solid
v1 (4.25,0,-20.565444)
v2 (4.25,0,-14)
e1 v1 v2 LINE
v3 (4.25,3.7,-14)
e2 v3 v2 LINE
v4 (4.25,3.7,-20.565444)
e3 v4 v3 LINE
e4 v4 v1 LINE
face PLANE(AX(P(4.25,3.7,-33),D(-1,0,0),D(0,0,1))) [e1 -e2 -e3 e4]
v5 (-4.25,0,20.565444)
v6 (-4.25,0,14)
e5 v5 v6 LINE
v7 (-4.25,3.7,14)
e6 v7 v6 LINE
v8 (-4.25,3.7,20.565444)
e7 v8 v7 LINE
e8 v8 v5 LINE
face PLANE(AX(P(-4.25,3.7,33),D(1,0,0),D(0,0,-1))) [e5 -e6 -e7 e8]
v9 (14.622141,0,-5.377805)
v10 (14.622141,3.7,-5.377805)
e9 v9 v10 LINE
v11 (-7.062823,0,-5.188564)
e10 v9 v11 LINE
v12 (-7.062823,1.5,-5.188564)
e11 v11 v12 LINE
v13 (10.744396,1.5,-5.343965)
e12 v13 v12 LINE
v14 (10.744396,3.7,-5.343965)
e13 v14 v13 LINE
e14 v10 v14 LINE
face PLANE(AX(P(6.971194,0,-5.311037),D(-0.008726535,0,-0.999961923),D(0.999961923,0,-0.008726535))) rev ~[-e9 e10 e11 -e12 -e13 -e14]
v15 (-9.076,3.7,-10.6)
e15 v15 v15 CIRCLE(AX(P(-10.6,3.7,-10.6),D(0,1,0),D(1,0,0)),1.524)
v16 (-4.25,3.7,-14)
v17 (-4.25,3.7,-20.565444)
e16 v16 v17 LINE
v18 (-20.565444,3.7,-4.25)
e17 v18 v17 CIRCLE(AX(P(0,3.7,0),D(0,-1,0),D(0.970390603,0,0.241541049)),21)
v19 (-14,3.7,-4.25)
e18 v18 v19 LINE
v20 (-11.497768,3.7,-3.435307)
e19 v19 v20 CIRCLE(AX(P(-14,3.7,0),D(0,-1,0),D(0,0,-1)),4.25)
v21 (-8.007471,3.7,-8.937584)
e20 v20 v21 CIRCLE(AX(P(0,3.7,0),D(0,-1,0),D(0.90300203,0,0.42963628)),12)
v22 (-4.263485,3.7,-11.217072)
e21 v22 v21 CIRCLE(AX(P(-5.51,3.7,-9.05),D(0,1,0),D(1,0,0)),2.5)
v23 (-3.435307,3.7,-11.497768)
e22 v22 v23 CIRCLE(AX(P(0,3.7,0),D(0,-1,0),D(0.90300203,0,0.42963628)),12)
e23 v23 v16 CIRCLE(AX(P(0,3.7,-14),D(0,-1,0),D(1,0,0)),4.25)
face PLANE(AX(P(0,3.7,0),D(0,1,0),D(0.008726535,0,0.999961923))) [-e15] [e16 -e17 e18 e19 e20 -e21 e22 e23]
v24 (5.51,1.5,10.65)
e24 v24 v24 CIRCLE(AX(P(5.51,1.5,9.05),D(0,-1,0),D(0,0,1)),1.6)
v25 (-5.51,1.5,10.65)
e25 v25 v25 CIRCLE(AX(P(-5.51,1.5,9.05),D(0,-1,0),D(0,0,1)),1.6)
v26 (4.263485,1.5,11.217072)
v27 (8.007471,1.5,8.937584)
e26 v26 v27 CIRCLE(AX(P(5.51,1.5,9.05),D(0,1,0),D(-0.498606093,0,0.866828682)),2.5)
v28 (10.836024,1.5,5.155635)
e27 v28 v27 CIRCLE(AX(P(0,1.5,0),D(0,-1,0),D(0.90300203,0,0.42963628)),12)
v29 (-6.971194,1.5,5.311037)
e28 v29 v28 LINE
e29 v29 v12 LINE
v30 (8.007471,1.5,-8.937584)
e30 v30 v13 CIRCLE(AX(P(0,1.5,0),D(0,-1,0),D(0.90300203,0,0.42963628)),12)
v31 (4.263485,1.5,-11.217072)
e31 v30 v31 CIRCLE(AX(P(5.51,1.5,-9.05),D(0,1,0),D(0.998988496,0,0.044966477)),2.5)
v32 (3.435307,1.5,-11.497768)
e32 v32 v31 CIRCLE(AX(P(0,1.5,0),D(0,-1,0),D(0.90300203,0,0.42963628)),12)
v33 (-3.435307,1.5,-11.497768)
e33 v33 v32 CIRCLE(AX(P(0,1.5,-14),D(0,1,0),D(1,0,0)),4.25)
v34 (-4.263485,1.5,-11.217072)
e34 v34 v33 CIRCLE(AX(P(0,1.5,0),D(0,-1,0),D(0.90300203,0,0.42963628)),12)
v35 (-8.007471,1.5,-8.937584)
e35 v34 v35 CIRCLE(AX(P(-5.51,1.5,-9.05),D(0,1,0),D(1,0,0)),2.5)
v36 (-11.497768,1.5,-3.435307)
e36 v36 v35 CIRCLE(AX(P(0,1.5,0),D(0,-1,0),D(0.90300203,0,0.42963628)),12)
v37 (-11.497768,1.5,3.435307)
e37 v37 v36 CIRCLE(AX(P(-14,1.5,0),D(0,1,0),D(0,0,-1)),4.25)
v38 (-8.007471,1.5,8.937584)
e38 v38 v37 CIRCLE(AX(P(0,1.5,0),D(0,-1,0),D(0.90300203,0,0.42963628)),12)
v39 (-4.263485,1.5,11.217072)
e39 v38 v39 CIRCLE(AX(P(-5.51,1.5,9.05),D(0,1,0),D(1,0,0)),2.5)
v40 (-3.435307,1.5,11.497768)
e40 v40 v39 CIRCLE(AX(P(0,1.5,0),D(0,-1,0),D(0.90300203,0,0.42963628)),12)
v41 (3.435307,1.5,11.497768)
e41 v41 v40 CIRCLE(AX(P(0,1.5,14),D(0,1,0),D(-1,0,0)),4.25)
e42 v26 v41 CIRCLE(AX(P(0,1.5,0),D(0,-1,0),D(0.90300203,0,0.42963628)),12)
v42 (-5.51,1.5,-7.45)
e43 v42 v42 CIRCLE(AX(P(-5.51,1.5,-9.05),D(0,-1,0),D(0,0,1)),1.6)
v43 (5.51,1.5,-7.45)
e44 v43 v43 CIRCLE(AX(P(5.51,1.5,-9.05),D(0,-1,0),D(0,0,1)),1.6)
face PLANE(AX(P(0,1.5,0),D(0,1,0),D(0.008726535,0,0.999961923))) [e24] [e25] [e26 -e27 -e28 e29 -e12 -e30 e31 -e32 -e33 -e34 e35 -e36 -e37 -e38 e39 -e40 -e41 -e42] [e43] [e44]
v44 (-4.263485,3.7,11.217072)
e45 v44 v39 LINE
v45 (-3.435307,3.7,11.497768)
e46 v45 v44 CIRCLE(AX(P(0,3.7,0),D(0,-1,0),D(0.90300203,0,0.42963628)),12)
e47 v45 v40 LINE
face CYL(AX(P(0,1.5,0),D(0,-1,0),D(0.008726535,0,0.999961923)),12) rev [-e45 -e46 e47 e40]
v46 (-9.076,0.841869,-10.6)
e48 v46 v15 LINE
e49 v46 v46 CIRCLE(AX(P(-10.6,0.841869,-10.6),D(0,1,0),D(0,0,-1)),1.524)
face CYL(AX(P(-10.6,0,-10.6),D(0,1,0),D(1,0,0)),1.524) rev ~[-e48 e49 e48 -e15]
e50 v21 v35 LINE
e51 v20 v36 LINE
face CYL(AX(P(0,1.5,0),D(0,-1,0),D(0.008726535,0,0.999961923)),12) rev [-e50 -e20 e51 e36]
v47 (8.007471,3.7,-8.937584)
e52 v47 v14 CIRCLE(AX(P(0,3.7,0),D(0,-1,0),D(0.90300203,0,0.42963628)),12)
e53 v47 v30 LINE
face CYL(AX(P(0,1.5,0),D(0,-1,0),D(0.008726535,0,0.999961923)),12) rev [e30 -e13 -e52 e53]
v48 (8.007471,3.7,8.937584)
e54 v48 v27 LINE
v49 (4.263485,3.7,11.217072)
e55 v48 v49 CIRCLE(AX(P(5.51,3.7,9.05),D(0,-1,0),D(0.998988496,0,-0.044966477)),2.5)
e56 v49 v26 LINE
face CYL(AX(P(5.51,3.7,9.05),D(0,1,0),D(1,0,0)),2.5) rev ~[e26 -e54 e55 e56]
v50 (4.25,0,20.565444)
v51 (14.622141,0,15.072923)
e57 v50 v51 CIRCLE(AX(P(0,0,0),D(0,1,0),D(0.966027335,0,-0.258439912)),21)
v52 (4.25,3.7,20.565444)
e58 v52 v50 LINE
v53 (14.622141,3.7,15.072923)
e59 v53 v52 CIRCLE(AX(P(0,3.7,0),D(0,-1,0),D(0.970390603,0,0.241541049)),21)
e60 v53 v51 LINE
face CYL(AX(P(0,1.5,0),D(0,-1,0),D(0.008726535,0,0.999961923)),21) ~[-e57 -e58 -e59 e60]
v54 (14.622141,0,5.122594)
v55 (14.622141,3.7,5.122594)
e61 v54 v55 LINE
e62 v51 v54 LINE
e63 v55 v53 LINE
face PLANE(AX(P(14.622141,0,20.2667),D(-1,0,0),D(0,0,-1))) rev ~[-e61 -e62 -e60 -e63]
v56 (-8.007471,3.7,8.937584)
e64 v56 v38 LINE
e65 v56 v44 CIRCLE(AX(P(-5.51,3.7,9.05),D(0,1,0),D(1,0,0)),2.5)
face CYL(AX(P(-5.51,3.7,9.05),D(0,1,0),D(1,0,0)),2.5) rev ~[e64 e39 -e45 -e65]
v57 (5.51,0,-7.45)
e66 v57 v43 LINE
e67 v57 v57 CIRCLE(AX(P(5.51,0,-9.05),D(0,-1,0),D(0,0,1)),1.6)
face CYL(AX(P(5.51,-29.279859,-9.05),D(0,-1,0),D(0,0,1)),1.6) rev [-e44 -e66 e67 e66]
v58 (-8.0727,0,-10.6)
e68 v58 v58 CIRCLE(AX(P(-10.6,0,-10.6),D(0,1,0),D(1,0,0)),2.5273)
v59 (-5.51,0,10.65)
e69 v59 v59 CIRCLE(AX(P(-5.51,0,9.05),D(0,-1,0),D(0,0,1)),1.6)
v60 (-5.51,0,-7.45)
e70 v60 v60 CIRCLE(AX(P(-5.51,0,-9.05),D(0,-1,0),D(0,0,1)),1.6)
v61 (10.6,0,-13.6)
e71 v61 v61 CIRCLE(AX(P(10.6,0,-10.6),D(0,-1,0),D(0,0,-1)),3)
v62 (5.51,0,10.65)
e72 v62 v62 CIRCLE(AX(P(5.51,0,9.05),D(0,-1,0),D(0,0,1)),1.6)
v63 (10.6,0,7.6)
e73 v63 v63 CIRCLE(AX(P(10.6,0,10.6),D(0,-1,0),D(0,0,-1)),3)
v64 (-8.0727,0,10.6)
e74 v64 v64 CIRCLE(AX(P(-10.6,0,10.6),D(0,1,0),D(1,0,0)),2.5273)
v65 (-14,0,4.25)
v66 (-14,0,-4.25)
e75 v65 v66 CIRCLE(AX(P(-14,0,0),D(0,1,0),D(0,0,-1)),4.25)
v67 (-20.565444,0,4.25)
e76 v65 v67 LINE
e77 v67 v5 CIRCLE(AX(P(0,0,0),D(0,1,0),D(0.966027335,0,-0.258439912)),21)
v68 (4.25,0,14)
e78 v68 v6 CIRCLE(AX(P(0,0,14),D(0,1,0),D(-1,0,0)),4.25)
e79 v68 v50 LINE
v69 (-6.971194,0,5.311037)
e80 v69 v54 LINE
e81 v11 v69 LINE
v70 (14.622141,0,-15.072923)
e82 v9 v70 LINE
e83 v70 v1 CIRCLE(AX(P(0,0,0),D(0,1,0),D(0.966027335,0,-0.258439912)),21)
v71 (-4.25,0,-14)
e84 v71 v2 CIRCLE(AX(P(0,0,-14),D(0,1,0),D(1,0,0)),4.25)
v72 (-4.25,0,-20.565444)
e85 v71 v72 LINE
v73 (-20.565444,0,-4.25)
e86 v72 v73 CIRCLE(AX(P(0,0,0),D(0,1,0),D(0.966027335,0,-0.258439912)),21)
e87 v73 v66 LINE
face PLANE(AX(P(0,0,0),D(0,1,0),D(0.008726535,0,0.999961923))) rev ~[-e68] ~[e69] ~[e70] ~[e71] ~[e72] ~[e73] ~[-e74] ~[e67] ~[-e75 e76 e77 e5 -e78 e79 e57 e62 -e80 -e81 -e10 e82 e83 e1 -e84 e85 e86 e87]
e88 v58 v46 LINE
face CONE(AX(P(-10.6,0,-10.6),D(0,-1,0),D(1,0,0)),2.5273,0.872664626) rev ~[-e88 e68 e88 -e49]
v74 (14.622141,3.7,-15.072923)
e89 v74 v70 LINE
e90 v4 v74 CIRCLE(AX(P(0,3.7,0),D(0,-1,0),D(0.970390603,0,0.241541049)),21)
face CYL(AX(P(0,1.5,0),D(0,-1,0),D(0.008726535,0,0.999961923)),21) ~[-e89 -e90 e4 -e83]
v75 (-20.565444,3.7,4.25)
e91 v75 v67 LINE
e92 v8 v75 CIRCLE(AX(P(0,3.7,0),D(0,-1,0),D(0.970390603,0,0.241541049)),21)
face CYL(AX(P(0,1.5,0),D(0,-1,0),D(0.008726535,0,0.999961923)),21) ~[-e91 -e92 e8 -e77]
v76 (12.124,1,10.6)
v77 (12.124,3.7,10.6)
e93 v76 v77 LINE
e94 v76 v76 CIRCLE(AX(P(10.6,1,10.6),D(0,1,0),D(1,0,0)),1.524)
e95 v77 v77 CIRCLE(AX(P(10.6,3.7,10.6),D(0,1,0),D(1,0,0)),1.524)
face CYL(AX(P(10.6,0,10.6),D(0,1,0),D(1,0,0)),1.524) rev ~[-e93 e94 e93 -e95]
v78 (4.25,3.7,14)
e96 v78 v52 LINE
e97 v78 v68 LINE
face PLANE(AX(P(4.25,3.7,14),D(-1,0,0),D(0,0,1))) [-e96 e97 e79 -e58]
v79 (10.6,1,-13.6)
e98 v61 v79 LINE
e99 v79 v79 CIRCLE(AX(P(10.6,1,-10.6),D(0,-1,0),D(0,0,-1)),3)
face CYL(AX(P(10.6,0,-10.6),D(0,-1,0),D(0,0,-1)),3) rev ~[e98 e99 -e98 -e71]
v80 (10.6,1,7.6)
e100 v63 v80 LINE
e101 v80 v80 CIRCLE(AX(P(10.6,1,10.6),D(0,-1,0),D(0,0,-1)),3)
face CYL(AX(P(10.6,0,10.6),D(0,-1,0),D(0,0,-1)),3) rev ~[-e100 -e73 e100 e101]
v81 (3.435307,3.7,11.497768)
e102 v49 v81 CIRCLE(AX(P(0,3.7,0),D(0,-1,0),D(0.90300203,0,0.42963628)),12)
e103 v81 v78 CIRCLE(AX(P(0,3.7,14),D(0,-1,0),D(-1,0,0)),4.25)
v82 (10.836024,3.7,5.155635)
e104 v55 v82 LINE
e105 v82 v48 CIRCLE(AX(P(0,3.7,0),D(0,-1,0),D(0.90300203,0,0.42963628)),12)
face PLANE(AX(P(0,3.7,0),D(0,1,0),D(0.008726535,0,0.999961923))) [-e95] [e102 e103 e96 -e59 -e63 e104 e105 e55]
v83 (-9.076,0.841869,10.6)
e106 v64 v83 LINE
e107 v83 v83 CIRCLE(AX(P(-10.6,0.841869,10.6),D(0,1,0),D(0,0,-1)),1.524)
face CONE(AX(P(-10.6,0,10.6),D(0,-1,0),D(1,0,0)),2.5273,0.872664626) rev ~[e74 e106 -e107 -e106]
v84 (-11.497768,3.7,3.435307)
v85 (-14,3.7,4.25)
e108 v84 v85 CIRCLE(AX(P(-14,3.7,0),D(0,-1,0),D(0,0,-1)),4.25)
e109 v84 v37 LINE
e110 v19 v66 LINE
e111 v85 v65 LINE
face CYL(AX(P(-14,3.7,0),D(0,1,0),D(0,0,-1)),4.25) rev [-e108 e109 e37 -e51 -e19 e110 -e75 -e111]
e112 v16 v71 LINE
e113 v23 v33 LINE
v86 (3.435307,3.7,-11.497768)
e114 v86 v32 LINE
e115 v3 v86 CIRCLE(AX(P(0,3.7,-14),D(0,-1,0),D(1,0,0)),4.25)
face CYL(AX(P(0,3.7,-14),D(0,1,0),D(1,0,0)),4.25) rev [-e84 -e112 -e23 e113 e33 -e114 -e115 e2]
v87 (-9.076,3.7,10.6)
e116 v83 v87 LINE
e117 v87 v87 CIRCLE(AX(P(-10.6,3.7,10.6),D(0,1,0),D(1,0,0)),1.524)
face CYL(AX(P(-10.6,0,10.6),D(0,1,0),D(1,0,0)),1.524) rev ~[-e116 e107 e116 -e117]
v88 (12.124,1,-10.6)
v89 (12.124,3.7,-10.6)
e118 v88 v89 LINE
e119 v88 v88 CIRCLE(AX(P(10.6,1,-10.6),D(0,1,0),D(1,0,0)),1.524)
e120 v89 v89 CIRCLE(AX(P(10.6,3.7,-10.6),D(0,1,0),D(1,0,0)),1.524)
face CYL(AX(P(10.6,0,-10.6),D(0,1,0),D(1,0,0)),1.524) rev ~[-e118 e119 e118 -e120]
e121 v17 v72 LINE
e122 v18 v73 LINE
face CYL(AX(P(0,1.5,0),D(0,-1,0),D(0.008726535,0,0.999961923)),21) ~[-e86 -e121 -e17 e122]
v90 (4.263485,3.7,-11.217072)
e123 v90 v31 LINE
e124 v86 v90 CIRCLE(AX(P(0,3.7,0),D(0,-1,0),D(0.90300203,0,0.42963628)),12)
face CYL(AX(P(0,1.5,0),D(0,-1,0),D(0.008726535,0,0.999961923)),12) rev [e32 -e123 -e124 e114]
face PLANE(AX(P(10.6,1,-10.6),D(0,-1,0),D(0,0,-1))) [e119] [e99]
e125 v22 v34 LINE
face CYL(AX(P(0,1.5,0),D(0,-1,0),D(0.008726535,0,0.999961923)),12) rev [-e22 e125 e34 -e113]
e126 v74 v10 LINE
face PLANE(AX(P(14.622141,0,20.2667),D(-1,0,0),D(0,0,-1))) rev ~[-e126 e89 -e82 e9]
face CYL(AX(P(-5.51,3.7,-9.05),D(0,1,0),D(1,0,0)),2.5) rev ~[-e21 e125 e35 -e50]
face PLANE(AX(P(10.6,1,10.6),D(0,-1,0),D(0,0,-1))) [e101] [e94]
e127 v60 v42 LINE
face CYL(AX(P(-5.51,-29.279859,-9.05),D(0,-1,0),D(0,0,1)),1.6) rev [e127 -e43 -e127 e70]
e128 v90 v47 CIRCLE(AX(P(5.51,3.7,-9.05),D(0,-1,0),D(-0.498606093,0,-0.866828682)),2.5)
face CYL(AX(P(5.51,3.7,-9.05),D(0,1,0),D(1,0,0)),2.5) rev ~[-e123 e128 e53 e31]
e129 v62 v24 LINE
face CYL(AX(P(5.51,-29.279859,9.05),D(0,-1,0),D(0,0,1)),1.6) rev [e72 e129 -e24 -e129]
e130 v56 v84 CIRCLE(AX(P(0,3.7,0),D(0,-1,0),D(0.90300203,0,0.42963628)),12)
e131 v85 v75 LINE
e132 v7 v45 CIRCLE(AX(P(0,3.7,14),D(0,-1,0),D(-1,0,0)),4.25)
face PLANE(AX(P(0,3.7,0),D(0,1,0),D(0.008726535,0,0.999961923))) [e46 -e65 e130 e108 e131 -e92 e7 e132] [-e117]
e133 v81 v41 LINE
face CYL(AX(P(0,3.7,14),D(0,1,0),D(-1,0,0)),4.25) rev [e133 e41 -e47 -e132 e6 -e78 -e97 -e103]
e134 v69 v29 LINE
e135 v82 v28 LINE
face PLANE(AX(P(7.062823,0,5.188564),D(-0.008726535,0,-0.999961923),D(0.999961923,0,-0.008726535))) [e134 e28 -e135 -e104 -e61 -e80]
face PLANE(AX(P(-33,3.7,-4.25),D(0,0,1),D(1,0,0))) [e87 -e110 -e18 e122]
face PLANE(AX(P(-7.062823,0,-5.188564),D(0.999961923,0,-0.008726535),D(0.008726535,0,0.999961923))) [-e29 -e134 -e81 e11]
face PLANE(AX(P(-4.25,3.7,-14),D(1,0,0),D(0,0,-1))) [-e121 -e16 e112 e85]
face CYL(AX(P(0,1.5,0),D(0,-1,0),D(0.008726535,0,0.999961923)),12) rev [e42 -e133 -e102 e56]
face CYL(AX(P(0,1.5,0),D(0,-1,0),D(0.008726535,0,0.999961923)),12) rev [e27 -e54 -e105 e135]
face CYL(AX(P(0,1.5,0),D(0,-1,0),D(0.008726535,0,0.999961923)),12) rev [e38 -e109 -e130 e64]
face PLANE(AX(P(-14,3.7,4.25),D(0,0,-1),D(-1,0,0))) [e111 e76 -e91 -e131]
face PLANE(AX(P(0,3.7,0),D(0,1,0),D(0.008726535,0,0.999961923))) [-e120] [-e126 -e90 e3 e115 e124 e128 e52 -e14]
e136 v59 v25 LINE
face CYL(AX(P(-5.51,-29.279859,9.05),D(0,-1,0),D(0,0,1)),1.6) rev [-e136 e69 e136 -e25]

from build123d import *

# Parameters (mm, degrees)
SKETCH_1_R                      = 21
EXTRUDE_1_DEPTH                 = 1.5
SKETCH_2_R                      = 21
SKETCH_2_R_2                    = 12
EXTRUDE_2_DEPTH                 = 2.2
SKETCH_7_R                      = 1.25
CUT_EXTRUDE_5_DEPTH             = 30.92808046
SKETCH_8_W                      = 14.034551426
SKETCH_8_H                      = 10.5
CUT_EXTRUDE_6_DEPTH             = 30.92808046
SKETCH_9_W                      = 17.42220177
SKETCH_9_H                      = 10.5
CUT_EXTRUDE_7_DEPTH             = 30.92808046
MOVE_BODY_5_ANGLE               = 45
MOVE_BODY_6_ANGLE               = 5
SKETCH_15_R                     = 0.55
SKETCH_15_R_2                   = 0.5
CUT_EXTRUDE_9_DEPTH             = 30.92808046
MOVE_BODY_7_ANGLE               = 49.5
SKETCH_16_R                     = 1.35
CUT_EXTRUDE_10_DEPTH            = 1.5
SKETCH_17_R                     = 2.5
CUT_EXTRUDE_11_DEPTH            = 2.2
SKETCH_23_R                     = 2
CUT_EXTRUDE_17_DEPTH            = 30.92808046
CUT_EXTRUDE_18_DEPTH            = 30.779858965
CUT_EXTRUDE_18_DEPTH_BACK       = 30.779858965
SKETCH_24_R                     = 1.6
CUT_EXTRUDE_25_DEPTH            = 30.92808046
SKETCH_42_R                     = 3
CUT_EXTRUDE_26_DEPTH            = 1
HOLE_WIZARD_3_100_1_D           = 3.048
HOLE_WIZARD_3_100_1_CSINK_D     = 5.0546
HOLE_WIZARD_3_100_1_CSINK_ANGLE = 100
CUT_EXTRUDE_27_DEPTH            = 30.92808046


with BuildPart() as part:
    # 草图1 → 凸台-拉伸1 (new body)
    with BuildSketch(Plane(origin=(0, 0, 0), x_dir=(1, 0, 0), z_dir=(0, 1, 0))):
        with Locations(Location((0, 0, 0), (0, 0, 270))):
            Circle(SKETCH_1_R)
    extrude(amount=EXTRUDE_1_DEPTH)

    # 草图2 → 凸台-拉伸2 (add)
    with BuildSketch(Plane(origin=(0, 1.5, 0), x_dir=(1, 0, 0), z_dir=(0, 1, 0))):
        with Locations(Location((0, 0, 0), (0, 0, 270))):
            Circle(SKETCH_2_R)
        with Locations(Location((0, 0, 0), (0, 0, 270))):
            Circle(SKETCH_2_R_2, mode=Mode.SUBTRACT)
    extrude(amount=EXTRUDE_2_DEPTH)

    # 草图7 → 切除-拉伸5 (cut, through all)
    with BuildSketch(Plane.XZ):
        with Locations(Location((-5.51, 9.05, 0), (0, 0, 270))):
            Circle(SKETCH_7_R)
        with Locations(Location((5.51, 9.05, 0), (0, 0, 270))):
            Circle(SKETCH_7_R)
        with Locations(Location((-5.51, -9.05, 0), (0, 0, 270))):
            Circle(SKETCH_7_R)
        with Locations(Location((5.51, -9.05, 0), (0, 0, 270))):
            Circle(SKETCH_7_R)
    extrude(amount=-CUT_EXTRUDE_5_DEPTH, mode=Mode.SUBTRACT)

    # 草图8 → 切除-拉伸6 (cut, through all)
    with BuildSketch(Plane.XZ):
        Rectangle(SKETCH_8_W, SKETCH_8_H)
    extrude(amount=-CUT_EXTRUDE_6_DEPTH, mode=Mode.SUBTRACT)

    # 草图9 → 切除-拉伸7 (cut, through all)
    with BuildSketch(Plane.XZ):
        with Locations((15.728376598, 0)):
            Rectangle(SKETCH_9_W, SKETCH_9_H)
    extrude(amount=-CUT_EXTRUDE_7_DEPTH, mode=Mode.SUBTRACT)


with BuildPart() as part_1:
    # Move Body 5: moved
    add(part.part.rotate(Axis((0, 0, 0), (0, 1, 0)), MOVE_BODY_5_ANGLE))


with BuildPart() as part_2:
    # Move Body 6: moved
    add(part_1.part.rotate(Axis((0, 0, 0), (0, 1, 0)), MOVE_BODY_6_ANGLE))

    # 草图15 → 切除-拉伸9 (cut, through all)
    with BuildSketch(Plane.XZ):
        with Locations(Location((-10.9, 10.9, 0), (0, 0, 270))):
            Circle(SKETCH_15_R)
        with Locations(Location((10.9, 10.9, 0), (0, 0, 270))):
            Circle(SKETCH_15_R_2)
        with Locations(Location((-10.9, -10.9, 0), (0, 0, 270))):
            Circle(SKETCH_15_R_2)
    extrude(amount=-CUT_EXTRUDE_9_DEPTH, mode=Mode.SUBTRACT)


with BuildPart() as part_3:
    # Move Body 7: moved
    add(part_2.part.rotate(Axis((0, 0, 0), (0, -1, 0)), MOVE_BODY_7_ANGLE))

    # 草图16 → 切除-拉伸10 (cut)
    with BuildSketch(Plane.XZ):
        with Locations(Location((-5.51, 9.05, 0), (0, 0, 270))):
            Circle(SKETCH_16_R)
        with Locations(Location((5.51, 9.05, 0), (0, 0, 270))):
            Circle(SKETCH_16_R)
        with Locations(Location((-5.51, -9.05, 0), (0, 0, 270))):
            Circle(SKETCH_16_R)
        with Locations(Location((5.51, -9.05, 0), (0, 0, 270))):
            Circle(SKETCH_16_R)
    extrude(amount=-CUT_EXTRUDE_10_DEPTH, mode=Mode.SUBTRACT)

    # 草图17 → 切除-拉伸11 (cut)
    with BuildSketch(Plane(origin=(0, 3.7, 0), x_dir=(1, 0, 0), z_dir=(0, 1, 0))):
        with Locations((-5.51, 9.05)):
            Circle(SKETCH_17_R)
        with Locations((5.51, 9.05)):
            Circle(SKETCH_17_R)
        with Locations((-5.51, -9.05)):
            Circle(SKETCH_17_R)
        with Locations((5.51, -9.05)):
            Circle(SKETCH_17_R)
    extrude(amount=-CUT_EXTRUDE_11_DEPTH, mode=Mode.SUBTRACT)

    # 草图23 → 切除-拉伸17 (cut, through all)
    with BuildSketch(Plane(origin=(0, 3.7, 0), x_dir=(1, 0, 0), z_dir=(0, 1, 0))):
        with Locations(Location((0, 16, 0), (0, 0, 270))):
            Circle(SKETCH_23_R)
        with Locations(Location((-16, 0, 0), (0, 0, 270))):
            Circle(SKETCH_23_R)
        with Locations(Location((0, -16, 0), (0, 0, 270))):
            Circle(SKETCH_23_R)
    extrude(amount=-CUT_EXTRUDE_17_DEPTH, mode=Mode.SUBTRACT)

    # 草图24 → 切除-拉伸18 (cut, two sides: drawn at the far end of the back side and taken through both)
    with BuildSketch(Plane(origin=(0, 1.5, 0), x_dir=(1, 0, 0), z_dir=(0, 1, 0)).offset(-CUT_EXTRUDE_18_DEPTH_BACK)):
        with Locations(Location((-5.51, 9.05, 0), (0, 0, 270))):
            Circle(SKETCH_24_R)
        with Locations(Location((5.51, 9.05, 0), (0, 0, 270))):
            Circle(SKETCH_24_R)
        with Locations(Location((-5.51, -9.05, 0), (0, 0, 270))):
            Circle(SKETCH_24_R)
        with Locations(Location((5.51, -9.05, 0), (0, 0, 270))):
            Circle(SKETCH_24_R)
    extrude(amount=CUT_EXTRUDE_18_DEPTH + CUT_EXTRUDE_18_DEPTH_BACK, mode=Mode.SUBTRACT)

    # 草图37 → 切除-拉伸25 (cut, through all)
    with BuildSketch(Plane.XZ):
        with BuildLine():
            Line((24.72756624, 20.266700409), (14.622140931, 20.266700409))
            Line((14.622140931, 20.266700409), (14.622140931, 15.072922563))
            ThreePointArc((14.622140931, 15.072922563), (18.200516902, 10.47574267), (20.378202654, 5.072362031))
            Line((20.378202654, 5.072362031), (14.622140931, 5.122594421))
            Line((14.622140931, 5.122594421), (14.622140931, -5.377805402))
            Line((14.622140931, -5.377805402), (20.286574032, -5.427238161))
            ThreePointArc((20.286574032, -5.427238161), (18.108406942, -10.634171243), (14.622140931, -15.072922563))
            Line((14.622140931, -15.072922563), (14.622140931, -20.266073881))
            Line((14.622140931, -20.266073881), (24.72756624, -20.266073881))
            Line((24.72756624, -20.266073881), (24.72756624, 20.266700409))
        make_face()
        with BuildLine():
            ThreePointArc((20.378202654, 5.072362031), (18.200516902, 10.47574267), (14.622140931, 15.072922563))
            Line((14.622140931, 15.072922563), (14.622140931, 5.122594421))
            Line((14.622140931, 5.122594421), (20.378202654, 5.072362031))
        make_face()
        with BuildLine():
            Line((14.622140931, -5.377805402), (14.622140931, -15.072922563))
            ThreePointArc((14.622140931, -15.072922563), (18.108406942, -10.634171243), (20.286574032, -5.427238161))
            Line((20.286574032, -5.427238161), (14.622140931, -5.377805402))
        make_face()
    extrude(amount=-CUT_EXTRUDE_25_DEPTH, mode=Mode.SUBTRACT)

    # 草图42 → 切除-拉伸26 (cut)
    with BuildSketch(Plane(origin=(0, 0, 0), x_dir=(-1, 0, 0), z_dir=(0, -1, 0))):
        with Locations(Location((-10.6, -10.6, 0), (0, 0, 90))):
            Circle(SKETCH_42_R)
        with Locations(Location((-10.6, 10.6, 0), (0, 0, 90))):
            Circle(SKETCH_42_R)
    extrude(amount=-CUT_EXTRUDE_26_DEPTH, mode=Mode.SUBTRACT)

    # #3 平头机械螺钉的锥形沉头孔 (100)1 (through all)
    with Locations(Plane(origin=(0, 0, 0), x_dir=(-1, 0, 0), z_dir=(0, -1, 0))):
        with Locations((10.6, -10.6), (-10.6, -10.6), (10.6, 10.6), (-10.6, 10.6)):
            CounterSinkHole(HOLE_WIZARD_3_100_1_D / 2, HOLE_WIZARD_3_100_1_CSINK_D / 2, counter_sink_angle=HOLE_WIZARD_3_100_1_CSINK_ANGLE)

    # 草图45 → 切除-拉伸27 (cut, through all)
    with BuildSketch(Plane(origin=(0, 3.7, 0), x_dir=(1, 0, 0), z_dir=(0, 1, 0))):
        with BuildLine():
            Line((-33, 4.25), (-14, 4.25))
            ThreePointArc((-14, 4.25), (-9.75, 0), (-14, -4.25))
            Line((-14, -4.25), (-33, -4.25))
            ThreePointArc((-33, -4.25), (-37.25, 0), (-33, 4.25))
        make_face()
        with BuildLine():
            Line((4.25, 33), (4.25, 14))
            ThreePointArc((4.25, 14), (0, 9.75), (-4.25, 14))
            Line((-4.25, 14), (-4.25, 33))
            ThreePointArc((-4.25, 33), (0, 37.25), (4.25, 33))
        make_face()
        with BuildLine():
            Line((-4.25, -33), (-4.25, -14))
            ThreePointArc((-4.25, -14), (0, -9.75), (4.25, -14))
            Line((4.25, -14), (4.25, -33))
            ThreePointArc((4.25, -33), (0, -37.25), (-4.25, -33))
        make_face()
    extrude(amount=-CUT_EXTRUDE_27_DEPTH, mode=Mode.SUBTRACT)


solid = part_3.part
